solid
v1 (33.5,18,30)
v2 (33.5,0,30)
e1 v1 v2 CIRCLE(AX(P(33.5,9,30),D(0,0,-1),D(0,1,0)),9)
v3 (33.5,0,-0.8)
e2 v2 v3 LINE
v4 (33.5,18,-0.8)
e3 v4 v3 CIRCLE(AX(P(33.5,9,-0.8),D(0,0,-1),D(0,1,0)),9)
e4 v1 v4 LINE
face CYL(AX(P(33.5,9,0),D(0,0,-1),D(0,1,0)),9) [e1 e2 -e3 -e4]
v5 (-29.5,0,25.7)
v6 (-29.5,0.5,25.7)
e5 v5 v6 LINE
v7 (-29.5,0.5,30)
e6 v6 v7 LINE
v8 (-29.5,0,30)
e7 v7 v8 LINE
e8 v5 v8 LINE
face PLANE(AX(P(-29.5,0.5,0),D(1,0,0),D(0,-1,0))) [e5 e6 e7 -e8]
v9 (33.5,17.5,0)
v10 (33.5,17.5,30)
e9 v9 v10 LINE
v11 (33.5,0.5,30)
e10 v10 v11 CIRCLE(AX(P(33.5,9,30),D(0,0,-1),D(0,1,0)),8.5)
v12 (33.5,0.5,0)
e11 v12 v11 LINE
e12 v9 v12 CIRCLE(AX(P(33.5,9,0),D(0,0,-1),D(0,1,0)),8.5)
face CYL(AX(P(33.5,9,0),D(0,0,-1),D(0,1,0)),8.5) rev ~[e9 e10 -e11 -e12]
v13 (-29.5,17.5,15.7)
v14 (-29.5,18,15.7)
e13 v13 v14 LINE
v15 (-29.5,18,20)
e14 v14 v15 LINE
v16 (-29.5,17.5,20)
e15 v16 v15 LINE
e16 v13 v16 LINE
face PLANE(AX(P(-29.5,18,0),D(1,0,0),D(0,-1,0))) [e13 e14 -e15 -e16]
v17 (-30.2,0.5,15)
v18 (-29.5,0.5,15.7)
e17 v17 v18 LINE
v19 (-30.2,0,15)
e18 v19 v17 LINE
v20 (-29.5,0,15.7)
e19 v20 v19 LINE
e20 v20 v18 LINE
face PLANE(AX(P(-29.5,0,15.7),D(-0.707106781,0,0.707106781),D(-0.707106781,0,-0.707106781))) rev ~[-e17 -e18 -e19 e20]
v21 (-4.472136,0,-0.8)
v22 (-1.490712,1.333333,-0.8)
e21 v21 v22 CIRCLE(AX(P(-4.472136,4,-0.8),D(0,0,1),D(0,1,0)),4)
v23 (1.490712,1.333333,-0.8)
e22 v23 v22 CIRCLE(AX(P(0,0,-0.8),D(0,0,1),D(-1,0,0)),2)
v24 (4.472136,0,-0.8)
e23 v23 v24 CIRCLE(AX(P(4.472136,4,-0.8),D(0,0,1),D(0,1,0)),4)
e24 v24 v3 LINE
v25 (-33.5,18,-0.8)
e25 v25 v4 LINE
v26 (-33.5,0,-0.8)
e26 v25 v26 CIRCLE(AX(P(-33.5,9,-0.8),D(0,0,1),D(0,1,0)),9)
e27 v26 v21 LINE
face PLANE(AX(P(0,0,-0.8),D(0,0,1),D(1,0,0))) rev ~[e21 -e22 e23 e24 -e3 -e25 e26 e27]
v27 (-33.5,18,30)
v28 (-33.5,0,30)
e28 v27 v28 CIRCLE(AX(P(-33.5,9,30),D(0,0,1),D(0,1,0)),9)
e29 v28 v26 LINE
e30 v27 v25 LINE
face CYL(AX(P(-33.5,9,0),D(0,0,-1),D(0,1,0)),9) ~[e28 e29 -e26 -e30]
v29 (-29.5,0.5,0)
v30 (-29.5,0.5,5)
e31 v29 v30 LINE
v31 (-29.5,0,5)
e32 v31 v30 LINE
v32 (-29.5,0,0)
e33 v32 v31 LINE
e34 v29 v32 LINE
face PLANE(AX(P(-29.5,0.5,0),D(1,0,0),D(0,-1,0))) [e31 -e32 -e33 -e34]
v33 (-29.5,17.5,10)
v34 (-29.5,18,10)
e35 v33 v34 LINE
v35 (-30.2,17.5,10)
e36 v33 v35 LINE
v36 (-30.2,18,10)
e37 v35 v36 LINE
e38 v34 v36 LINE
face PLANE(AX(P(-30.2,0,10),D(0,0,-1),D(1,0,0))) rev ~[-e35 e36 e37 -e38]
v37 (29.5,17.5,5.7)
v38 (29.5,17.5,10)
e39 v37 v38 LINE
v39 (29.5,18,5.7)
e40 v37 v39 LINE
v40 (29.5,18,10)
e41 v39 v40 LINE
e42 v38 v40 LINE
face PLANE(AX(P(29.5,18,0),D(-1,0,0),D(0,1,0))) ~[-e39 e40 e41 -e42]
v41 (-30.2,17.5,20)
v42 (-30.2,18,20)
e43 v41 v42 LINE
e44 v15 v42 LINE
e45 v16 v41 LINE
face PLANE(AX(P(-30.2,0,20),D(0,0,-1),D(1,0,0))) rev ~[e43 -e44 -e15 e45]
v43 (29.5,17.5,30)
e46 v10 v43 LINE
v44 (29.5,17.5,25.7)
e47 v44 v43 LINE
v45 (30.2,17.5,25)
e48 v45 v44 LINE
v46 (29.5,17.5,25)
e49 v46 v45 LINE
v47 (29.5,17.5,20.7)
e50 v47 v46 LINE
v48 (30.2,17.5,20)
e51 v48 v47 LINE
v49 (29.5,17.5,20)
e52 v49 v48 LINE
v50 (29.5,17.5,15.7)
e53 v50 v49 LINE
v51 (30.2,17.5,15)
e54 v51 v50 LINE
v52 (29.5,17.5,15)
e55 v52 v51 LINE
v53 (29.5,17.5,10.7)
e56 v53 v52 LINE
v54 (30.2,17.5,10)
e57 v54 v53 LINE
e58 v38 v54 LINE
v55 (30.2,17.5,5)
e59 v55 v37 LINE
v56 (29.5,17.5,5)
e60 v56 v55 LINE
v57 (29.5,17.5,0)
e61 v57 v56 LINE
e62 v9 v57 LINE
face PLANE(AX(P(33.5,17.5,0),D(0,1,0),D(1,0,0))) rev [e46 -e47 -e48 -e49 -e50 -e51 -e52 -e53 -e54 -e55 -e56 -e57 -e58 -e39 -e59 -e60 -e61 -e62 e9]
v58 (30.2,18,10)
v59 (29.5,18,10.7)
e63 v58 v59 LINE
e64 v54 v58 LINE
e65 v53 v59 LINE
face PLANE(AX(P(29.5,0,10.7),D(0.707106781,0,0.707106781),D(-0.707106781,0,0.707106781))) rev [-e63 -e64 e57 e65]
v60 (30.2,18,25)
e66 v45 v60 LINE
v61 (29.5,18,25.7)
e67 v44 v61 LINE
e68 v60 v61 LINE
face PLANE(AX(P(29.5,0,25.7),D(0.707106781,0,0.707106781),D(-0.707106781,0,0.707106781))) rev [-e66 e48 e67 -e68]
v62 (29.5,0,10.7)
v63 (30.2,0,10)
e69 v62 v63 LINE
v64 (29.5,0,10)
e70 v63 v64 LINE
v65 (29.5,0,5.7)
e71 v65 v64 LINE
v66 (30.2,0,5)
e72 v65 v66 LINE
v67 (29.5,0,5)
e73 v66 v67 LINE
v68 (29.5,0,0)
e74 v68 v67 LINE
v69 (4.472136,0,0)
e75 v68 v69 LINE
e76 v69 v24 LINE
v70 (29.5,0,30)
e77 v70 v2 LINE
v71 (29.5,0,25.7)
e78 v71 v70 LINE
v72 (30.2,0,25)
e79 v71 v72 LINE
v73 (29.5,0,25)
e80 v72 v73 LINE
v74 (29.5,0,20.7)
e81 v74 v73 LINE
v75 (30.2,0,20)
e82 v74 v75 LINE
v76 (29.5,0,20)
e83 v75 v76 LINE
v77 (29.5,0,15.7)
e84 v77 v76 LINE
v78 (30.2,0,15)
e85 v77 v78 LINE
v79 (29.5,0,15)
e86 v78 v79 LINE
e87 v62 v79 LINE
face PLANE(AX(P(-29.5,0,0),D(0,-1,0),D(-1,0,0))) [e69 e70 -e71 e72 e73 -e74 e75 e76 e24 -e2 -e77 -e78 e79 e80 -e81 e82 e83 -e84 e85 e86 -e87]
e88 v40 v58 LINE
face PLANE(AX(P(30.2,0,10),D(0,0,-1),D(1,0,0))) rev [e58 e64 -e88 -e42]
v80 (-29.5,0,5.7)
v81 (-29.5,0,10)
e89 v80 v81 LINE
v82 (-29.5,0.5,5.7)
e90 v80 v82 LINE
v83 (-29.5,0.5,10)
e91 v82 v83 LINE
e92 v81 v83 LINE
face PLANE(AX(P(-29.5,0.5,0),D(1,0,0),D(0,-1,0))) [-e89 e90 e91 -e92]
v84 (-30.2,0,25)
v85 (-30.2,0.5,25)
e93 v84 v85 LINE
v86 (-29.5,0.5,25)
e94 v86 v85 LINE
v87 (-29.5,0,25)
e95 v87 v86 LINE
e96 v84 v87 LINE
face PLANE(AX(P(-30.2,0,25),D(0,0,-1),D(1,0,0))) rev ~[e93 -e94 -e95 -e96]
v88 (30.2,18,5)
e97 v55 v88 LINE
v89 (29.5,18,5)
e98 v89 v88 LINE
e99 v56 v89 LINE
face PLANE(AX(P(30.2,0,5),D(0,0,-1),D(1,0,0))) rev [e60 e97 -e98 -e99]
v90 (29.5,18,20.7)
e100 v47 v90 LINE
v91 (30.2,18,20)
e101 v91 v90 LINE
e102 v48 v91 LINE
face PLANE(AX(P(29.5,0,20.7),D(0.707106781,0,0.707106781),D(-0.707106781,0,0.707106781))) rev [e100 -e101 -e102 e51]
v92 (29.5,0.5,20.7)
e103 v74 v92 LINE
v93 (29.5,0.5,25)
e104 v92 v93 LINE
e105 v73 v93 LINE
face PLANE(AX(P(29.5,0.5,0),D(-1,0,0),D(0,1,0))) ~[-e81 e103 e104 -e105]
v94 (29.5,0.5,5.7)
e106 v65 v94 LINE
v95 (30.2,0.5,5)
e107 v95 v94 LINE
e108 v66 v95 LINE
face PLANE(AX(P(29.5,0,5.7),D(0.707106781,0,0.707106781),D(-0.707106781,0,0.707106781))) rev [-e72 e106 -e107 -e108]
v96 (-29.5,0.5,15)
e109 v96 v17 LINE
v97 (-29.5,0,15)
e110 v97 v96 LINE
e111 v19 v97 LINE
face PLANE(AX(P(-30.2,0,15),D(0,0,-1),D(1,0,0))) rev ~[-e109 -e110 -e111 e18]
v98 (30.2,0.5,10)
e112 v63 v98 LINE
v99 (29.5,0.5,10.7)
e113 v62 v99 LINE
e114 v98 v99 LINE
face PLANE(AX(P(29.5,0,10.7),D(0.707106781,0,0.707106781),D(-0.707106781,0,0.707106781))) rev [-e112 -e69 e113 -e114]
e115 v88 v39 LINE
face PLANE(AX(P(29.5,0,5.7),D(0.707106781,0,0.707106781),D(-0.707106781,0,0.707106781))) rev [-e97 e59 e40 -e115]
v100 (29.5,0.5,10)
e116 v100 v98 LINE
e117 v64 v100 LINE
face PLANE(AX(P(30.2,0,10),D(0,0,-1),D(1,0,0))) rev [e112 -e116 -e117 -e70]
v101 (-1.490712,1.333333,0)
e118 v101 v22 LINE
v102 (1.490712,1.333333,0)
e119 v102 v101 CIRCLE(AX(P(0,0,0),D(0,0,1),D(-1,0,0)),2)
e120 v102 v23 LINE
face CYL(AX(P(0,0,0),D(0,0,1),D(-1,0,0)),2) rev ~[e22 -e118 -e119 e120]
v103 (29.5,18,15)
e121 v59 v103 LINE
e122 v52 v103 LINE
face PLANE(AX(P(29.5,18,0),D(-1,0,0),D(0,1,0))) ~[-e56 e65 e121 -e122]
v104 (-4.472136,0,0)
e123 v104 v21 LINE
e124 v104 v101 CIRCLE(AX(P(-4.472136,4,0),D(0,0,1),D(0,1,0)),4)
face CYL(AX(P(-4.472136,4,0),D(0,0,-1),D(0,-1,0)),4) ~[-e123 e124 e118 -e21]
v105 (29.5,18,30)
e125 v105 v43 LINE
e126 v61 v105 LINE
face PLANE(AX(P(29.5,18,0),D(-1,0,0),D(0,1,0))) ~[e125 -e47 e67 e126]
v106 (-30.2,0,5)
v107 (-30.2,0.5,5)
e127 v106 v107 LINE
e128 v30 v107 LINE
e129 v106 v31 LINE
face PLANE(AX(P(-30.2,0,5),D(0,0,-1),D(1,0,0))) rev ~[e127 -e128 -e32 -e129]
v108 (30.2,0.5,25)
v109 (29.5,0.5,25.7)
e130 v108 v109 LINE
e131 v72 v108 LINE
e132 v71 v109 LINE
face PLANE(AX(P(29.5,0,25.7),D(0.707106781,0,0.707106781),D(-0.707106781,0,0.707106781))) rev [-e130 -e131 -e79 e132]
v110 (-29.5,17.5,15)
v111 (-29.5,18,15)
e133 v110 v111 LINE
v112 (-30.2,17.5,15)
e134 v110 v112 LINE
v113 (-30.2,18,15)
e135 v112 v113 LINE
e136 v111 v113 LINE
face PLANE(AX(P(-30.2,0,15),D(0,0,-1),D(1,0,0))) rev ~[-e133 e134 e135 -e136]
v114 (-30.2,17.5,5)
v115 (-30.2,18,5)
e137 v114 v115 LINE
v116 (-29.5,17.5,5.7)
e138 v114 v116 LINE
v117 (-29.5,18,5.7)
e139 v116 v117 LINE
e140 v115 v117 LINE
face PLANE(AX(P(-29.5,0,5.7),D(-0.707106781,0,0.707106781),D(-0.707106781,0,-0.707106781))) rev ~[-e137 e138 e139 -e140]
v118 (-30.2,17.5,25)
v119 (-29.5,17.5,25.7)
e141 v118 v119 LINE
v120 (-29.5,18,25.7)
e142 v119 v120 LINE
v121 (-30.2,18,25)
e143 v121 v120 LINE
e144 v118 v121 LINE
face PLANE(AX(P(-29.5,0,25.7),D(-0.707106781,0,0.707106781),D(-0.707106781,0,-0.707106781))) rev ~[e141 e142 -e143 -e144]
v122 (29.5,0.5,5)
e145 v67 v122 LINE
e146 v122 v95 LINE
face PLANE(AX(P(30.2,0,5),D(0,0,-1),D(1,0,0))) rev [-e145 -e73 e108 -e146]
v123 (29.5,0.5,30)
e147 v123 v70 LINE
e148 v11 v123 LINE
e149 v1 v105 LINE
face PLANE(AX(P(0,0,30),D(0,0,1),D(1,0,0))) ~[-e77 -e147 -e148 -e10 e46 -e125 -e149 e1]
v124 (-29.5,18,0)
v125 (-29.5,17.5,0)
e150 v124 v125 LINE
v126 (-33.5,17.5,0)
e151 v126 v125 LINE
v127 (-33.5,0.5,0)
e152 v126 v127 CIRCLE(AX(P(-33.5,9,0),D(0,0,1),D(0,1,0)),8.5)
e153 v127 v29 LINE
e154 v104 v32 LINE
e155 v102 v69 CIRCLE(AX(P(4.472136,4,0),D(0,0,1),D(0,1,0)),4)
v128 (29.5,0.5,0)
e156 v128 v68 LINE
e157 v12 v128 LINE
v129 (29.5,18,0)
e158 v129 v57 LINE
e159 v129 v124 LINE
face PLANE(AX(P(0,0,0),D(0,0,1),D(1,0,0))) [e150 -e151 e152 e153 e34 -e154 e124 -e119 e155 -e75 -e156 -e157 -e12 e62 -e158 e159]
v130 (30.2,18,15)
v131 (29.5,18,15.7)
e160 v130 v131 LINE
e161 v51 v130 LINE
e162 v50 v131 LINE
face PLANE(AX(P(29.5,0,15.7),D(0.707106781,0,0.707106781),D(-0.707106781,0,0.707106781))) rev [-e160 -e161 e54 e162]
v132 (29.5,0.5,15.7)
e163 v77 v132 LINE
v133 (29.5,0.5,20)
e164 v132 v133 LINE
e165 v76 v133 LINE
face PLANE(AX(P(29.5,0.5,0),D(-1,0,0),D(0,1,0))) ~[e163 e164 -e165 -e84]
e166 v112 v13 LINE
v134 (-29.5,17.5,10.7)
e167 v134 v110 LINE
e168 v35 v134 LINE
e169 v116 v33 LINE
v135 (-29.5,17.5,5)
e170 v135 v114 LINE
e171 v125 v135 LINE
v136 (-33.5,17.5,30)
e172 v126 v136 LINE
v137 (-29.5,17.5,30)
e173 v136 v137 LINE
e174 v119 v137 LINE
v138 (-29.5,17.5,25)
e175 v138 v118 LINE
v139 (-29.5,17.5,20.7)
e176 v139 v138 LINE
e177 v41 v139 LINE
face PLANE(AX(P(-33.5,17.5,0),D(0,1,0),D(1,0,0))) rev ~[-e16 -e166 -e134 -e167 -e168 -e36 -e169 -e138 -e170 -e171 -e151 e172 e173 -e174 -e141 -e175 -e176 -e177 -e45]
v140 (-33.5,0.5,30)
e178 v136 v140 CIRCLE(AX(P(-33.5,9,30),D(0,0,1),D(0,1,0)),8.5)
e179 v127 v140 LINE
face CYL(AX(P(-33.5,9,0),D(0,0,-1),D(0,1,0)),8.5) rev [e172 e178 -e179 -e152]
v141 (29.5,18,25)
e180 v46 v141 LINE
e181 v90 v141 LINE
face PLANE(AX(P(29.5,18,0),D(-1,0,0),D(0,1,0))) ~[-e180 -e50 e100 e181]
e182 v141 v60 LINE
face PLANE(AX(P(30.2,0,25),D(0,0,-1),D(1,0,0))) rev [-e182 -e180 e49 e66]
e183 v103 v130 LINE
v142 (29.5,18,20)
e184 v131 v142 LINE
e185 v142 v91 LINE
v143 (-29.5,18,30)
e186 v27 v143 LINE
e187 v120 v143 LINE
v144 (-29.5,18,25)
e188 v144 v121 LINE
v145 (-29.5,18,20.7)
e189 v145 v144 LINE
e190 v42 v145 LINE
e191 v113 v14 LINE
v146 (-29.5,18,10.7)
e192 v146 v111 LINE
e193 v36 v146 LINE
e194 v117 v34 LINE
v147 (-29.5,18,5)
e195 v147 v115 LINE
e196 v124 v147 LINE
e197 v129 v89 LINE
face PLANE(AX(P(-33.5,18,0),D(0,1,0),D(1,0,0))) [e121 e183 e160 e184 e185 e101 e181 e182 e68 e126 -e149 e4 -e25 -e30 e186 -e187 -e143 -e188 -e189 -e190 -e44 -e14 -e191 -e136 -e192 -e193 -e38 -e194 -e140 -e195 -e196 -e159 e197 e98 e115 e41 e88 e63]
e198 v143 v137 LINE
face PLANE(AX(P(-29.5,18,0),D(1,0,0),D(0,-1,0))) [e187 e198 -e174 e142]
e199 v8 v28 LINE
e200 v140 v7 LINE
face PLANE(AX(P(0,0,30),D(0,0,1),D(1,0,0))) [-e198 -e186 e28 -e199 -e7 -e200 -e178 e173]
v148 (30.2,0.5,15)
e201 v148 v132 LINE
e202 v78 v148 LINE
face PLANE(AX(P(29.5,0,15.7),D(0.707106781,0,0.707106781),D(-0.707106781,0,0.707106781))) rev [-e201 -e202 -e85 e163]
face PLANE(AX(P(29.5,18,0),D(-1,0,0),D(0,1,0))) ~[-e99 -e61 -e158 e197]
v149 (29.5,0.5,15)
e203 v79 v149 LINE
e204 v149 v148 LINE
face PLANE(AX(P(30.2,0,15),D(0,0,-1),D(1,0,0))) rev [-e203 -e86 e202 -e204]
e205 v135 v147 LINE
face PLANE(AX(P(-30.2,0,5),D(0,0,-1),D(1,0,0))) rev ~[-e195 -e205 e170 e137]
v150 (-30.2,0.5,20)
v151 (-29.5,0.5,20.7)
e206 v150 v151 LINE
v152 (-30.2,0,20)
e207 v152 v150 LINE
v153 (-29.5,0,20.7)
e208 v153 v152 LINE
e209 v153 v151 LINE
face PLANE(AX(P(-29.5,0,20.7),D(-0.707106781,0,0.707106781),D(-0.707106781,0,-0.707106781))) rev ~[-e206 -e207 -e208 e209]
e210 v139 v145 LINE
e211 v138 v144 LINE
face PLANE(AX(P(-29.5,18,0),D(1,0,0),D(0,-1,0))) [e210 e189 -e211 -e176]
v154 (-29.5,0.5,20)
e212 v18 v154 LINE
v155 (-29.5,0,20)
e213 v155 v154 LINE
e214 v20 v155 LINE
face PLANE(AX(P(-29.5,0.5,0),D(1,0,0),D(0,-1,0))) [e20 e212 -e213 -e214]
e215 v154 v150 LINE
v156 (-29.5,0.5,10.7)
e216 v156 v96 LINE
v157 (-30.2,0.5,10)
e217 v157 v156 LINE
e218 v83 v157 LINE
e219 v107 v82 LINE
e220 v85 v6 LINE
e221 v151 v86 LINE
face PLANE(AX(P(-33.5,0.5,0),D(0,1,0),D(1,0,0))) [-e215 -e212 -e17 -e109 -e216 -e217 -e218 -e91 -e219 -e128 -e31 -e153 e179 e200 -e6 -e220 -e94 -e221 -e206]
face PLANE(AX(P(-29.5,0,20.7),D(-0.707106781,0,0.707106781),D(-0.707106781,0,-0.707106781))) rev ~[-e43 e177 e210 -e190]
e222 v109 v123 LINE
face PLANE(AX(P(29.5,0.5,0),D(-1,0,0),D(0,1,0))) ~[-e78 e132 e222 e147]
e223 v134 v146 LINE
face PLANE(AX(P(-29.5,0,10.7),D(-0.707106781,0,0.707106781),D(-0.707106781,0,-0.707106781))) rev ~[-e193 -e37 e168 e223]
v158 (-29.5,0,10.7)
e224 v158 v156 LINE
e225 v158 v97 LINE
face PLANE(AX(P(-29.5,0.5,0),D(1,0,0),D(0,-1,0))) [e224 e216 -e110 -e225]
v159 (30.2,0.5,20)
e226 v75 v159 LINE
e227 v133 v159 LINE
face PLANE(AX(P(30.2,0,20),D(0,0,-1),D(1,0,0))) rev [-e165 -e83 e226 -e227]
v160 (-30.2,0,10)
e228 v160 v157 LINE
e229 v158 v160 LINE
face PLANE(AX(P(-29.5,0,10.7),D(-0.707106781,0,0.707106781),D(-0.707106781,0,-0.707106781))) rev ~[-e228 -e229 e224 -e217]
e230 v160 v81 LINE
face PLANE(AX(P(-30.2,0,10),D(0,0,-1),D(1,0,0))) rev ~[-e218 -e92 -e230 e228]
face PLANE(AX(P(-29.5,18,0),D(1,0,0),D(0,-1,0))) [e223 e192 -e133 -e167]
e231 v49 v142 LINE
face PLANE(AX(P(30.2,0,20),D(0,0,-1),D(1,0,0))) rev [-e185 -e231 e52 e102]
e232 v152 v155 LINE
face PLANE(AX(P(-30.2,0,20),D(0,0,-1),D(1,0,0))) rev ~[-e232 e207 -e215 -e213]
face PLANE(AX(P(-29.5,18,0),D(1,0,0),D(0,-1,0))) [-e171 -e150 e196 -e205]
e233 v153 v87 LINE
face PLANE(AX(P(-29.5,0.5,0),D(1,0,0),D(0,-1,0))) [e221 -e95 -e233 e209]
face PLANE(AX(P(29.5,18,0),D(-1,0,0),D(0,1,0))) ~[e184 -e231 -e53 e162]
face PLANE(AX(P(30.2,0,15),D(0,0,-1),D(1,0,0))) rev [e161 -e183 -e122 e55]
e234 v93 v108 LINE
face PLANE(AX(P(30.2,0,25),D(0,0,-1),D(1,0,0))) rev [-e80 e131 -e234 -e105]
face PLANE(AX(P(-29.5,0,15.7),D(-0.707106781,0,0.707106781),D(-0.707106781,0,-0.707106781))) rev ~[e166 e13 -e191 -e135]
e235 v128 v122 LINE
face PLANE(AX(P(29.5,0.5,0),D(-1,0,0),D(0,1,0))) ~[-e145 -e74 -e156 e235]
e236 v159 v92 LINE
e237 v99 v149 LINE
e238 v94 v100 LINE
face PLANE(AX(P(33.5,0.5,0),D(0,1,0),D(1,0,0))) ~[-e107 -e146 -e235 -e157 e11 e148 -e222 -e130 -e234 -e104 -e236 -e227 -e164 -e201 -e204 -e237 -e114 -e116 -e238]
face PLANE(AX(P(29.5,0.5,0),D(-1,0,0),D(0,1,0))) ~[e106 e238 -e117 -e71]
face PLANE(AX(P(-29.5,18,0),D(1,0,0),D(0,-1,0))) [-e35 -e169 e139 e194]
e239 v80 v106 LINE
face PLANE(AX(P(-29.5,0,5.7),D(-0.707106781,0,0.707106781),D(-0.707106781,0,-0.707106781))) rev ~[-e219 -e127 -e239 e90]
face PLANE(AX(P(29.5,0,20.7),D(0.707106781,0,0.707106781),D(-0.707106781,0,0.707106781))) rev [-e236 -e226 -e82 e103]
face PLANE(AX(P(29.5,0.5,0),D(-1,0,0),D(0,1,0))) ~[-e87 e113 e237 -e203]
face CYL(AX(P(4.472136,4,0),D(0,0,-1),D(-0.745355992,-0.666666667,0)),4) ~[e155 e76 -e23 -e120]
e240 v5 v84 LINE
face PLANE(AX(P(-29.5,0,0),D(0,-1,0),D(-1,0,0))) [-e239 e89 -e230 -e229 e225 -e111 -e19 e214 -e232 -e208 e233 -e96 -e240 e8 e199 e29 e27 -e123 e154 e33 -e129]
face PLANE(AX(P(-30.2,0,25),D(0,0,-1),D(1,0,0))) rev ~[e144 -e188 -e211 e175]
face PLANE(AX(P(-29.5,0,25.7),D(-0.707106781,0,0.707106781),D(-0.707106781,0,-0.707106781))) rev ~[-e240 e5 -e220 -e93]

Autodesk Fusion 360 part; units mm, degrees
sketch "Sketch1" plane through (0, 0, 0) normal (0, 0, 1) x (1, 0, 0)
  line L0 (0, 0) -> (-42.5, 0)
  line L1 (-42.5, 0) -> (-42.5, 18) construction
  line L2 (-42.5, 18) -> (0, 18)
  line L3 (0, 18) -> (0, 0)
  arc A0 (-33.5, 18) -> (-33.5, 0) centre (-33.5, 9) ccw
  line L4 (-33.5, 18) -> (-29.5, 18)
  line L5 (-33.5, 0) -> (-29.5, 0)
  line L6 (-33.5, 0.5) -> (-29.5, 0.5)
  arc A1 (-33.5, 17.5) -> (-33.5, 0.5) centre (-33.5, 9) ccw
  line L7 (-33.5, 17.5) -> (-29.5, 17.5)
  line L8 (-29.5, 18) -> (-29.5, 17.5)
  line L9 (-29.5, 0.5) -> (-29.5, 0)
  dimension "d6" = 42.5
  dimension "d7" = 18
  dimension "d8" = 4
  dimension "d9" = 4
extrude "Extrude1" add sketch "Sketch1" against normal blind 0.8
extrude "Extrude2" add sketch "Sketch1" along normal blind 30 contours L0 L2 A0 L4 L5 L6 A1 L7 L8 L9
sketch "Sketch2" plane through (0, 0, 0) normal (0, -1, 0) x (1, 0, 0)
  line L0 (-33.5, 30) -> (-33.5, -0.8)
  line L1 (-33.5, -0.8) -> (0, -0.8)
  line L2 (0, -0.8) -> (0, 0)
  line L3 (0, 0) -> (-29.5, 0)
  line L4 (-29.5, 0) -> (-29.5, 30)
  line L5 (-29.5, 30) -> (-33.5, 30)
  line L6 (-33.5, 0) -> (-29.5, 0)
  line L7 (-29.5, 5.7) -> (-30.2, 5)
  line L8 (-30.2, 5) -> (-29.5, 5)
  line L9 (-29.5, 5.7) -> (-29.5, 5)
  dimension "d31" = 0.7
  dimension "d32" = 45
  dimension "d33" = 5
extrude "Extrude3" cut sketch "Sketch2" against normal through all contours L4 L7 L8 L9
pattern_linear "R-Pattern1" count 5 spacing 5 along (0, 0, 1) of "Extrude3"
mirror "Mirror1" about plane through (0, 0, 0) normal (1, 0, 0) of bodies 1 merged
sketch "Sketch3" plane through (0, 0, 0) normal (0, 0, 1) x (-1, 0, 0)
  arc A0 (-33.5, -0.5) -> (-33.5, -17.5) centre (-33.5, -9) ccw
  arc A1 (33.5, -17.5) -> (33.5, -0.5) centre (33.5, -9) ccw
  circle A2 centre (0, 0) radius 2
  line L0 (29.5, -0.5) -> (29.5, 0)
  line L1 (29.5, 0) -> (-29.5, 0)
  line L2 (-29.5, 0) -> (-29.5, -0.5)
  line L3 (-29.5, -0.5) -> (-33.5, -0.5)
  line L4 (-33.5, -17.5) -> (-29.5, -17.5)
  line L5 (-29.5, -17.5) -> (-29.5, -18)
  line L6 (-29.5, -18) -> (29.5, -18)
  line L7 (29.5, -18) -> (29.5, -17.5)
  line L8 (29.5, -17.5) -> (33.5, -17.5)
  line L9 (33.5, -0.5) -> (29.5, -0.5)
  dimension "d27" = 4
extrude "Extrude4" cut sketch "Sketch3" against normal through all contours A2 L1 picked at (1.1554, -0.8465)
fillet "Fillet1" radius 4 2 edges at (-2, 0, -0.4) (2, 0, -0.4)
equation "baseThickness = 0.8 mm"
equation "baseLength = 85 mm"
equation "baseWidth = 18 mm"
equation "numSegments = 6"
equation "segmentHeight = 5 mm"
equation "d10 = -extrusionWidth"
equation "extrusionWidth = 0.5 mm"
equation "d12 = -baseThickness"
equation "d14 = numSegments * segmentHeight"
equation "layerHeight = 0.2 mm"
equation "d21 = numSegments - 1"
equation "d23 = segmentHeight"
equation "d31 = segmentNotchHeight"
equation "d33 = segmentHeight"
equation "segmentNotchHeight = 0.7 mm"
